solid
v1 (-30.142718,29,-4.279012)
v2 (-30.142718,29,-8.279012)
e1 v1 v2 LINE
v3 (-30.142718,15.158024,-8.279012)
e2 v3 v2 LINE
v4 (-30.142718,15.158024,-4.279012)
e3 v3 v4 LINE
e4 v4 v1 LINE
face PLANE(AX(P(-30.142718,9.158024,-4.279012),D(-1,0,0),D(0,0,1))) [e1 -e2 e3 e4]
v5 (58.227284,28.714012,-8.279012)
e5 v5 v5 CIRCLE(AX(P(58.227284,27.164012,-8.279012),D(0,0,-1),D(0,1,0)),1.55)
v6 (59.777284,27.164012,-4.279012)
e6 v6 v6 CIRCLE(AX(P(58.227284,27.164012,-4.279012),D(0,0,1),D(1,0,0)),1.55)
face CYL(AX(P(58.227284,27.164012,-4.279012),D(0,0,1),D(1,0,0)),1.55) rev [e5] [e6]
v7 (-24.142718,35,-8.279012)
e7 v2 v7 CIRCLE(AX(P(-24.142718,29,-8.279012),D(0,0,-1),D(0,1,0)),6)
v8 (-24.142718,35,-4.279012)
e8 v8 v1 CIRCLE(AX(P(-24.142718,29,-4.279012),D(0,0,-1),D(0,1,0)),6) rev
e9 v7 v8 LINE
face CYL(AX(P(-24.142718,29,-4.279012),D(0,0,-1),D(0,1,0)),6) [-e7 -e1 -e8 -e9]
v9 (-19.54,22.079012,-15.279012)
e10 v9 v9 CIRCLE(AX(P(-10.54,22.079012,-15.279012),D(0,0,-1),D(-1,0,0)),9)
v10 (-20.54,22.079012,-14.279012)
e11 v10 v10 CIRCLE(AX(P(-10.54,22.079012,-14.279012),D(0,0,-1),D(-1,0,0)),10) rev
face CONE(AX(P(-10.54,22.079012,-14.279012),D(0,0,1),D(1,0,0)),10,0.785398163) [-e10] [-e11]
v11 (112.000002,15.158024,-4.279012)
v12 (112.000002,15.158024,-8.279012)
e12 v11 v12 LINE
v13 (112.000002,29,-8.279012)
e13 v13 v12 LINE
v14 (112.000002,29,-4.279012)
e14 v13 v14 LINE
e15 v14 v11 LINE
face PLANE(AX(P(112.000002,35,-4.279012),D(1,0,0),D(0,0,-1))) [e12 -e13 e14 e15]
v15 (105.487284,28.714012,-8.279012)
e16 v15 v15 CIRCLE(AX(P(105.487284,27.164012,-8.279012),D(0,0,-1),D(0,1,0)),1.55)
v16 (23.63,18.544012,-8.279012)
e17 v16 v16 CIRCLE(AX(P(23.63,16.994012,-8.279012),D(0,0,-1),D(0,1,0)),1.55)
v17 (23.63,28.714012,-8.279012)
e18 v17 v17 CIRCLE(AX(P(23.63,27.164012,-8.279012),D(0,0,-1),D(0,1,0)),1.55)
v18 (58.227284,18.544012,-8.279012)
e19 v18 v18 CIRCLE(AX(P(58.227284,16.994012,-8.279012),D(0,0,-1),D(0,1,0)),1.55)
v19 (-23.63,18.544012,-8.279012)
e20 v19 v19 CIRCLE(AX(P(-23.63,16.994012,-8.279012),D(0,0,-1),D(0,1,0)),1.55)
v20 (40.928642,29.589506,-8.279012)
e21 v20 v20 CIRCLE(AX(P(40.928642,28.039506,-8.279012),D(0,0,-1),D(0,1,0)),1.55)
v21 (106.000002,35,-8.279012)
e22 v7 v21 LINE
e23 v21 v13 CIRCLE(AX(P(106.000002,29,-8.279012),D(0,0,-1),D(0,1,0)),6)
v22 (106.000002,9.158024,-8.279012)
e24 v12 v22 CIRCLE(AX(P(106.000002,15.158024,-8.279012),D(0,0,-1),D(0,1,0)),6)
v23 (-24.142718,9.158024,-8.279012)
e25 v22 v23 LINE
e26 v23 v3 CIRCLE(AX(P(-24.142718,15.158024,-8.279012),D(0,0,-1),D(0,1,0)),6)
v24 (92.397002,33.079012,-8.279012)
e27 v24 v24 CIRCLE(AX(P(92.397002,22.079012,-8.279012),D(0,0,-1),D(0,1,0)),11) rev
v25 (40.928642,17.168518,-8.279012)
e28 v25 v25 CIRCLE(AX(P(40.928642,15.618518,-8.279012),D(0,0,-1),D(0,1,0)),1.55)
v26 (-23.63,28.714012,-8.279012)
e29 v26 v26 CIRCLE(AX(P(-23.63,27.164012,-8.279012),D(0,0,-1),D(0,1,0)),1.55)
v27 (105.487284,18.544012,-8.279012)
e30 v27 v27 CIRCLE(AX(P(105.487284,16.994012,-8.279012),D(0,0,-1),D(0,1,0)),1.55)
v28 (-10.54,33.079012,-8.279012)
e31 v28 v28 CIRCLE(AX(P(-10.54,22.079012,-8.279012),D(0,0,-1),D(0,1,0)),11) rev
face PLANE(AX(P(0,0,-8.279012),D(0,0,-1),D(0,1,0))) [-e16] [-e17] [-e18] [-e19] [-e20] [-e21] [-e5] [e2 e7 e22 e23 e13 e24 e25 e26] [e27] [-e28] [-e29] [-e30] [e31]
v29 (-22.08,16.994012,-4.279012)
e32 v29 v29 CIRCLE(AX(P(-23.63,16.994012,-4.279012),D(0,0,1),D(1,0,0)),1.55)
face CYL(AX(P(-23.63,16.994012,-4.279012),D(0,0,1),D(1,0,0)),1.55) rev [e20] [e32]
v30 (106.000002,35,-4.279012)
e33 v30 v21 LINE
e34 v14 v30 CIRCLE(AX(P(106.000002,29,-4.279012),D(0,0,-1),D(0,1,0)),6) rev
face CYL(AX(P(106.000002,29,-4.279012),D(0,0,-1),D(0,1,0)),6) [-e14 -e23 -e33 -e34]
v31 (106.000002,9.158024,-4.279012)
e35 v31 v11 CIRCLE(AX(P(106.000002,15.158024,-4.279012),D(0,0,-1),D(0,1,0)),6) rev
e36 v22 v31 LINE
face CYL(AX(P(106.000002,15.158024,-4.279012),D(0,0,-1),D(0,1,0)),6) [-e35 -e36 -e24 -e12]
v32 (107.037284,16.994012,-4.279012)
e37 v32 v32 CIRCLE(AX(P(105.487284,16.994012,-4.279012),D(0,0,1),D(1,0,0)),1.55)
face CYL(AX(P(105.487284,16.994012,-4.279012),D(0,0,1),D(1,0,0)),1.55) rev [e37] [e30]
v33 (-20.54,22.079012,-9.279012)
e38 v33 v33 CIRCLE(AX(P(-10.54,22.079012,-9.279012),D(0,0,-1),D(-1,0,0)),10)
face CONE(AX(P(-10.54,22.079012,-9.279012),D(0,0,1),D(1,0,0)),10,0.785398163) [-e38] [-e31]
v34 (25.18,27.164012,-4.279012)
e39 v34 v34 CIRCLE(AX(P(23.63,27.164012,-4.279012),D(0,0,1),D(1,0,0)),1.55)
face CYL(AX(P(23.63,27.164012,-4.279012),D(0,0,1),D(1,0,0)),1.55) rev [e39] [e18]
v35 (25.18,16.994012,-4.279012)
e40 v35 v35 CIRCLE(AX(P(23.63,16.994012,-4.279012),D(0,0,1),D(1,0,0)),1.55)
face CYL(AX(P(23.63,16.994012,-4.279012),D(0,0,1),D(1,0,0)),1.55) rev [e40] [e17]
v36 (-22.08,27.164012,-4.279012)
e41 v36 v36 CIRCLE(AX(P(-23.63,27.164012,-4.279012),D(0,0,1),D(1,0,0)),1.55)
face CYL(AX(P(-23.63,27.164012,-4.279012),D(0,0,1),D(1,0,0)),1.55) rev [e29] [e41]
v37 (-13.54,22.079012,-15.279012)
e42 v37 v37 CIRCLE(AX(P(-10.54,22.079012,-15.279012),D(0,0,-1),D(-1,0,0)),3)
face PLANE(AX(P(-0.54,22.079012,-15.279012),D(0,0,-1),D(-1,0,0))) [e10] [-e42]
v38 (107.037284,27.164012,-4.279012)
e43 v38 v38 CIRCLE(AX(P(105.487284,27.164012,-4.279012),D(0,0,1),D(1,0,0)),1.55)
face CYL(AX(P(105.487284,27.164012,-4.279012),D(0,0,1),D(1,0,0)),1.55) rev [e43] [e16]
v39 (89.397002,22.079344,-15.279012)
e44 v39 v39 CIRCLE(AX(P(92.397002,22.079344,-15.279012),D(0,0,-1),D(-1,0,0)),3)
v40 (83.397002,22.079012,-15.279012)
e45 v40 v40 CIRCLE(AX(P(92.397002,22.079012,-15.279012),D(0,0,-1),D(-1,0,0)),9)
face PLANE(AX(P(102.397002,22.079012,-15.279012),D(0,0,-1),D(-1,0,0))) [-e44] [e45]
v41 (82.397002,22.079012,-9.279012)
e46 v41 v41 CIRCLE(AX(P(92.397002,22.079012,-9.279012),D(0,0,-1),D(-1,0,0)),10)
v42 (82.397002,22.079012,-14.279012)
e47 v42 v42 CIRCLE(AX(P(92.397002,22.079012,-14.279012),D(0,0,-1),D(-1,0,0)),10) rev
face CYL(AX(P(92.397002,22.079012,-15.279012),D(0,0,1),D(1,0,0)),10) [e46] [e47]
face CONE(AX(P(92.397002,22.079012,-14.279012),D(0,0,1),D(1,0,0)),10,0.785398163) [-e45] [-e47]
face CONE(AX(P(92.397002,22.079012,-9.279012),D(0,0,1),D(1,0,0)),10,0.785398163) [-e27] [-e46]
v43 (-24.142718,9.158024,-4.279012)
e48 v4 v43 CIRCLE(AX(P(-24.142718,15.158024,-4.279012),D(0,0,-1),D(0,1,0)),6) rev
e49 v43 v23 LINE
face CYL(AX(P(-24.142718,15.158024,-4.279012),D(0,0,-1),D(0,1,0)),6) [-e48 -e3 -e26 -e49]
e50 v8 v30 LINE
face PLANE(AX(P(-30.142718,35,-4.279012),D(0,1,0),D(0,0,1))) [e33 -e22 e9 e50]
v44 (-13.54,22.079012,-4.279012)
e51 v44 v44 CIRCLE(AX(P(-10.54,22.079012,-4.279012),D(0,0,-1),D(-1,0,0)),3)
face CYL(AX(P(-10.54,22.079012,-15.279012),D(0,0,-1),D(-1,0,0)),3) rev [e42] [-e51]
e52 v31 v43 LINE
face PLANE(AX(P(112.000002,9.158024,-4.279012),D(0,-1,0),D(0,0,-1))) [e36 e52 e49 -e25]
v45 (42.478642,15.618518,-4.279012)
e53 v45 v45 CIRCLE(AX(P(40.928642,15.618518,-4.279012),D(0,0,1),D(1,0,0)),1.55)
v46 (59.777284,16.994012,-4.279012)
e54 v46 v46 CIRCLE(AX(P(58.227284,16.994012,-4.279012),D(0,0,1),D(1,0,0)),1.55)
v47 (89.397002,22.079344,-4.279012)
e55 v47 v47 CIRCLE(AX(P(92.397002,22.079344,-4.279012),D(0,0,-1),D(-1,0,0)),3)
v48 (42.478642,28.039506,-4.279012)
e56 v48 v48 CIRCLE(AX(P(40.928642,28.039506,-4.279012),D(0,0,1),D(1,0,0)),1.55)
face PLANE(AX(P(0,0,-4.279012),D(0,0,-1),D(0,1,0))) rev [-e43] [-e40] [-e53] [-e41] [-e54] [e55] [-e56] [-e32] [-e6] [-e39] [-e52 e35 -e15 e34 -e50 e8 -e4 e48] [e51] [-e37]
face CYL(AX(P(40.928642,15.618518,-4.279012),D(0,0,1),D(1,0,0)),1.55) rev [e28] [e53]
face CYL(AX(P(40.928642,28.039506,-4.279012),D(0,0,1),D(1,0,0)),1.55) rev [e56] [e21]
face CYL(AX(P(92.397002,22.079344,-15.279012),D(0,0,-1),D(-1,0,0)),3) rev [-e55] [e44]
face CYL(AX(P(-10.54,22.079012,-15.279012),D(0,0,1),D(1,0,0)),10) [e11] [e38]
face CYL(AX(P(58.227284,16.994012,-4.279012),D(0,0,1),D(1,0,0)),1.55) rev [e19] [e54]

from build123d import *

# Parameters (mm, degrees)
SKETCH1_W                      = 142.142719433
SKETCH1_H                      = 25.841975708
BOSS_EXTRUDE1_DEPTH            = 4
SKETCH2_W                      = 10
SKETCH2_H                      = 7
SKETCH3_W                      = 10
SKETCH3_H                      = 7
F_3_1_3_1_DIAMETER_HOLE1_D     = 3.1
F_3_1_3_1_DIAMETER_HOLE1_DEPTH = 11
F_6_0_6_DIAMETER_HOLE1_D       = 6
CHAMFER1_SIZE                  = 1
FILLET1_R                      = 6


with BuildPart() as part:
    # Sketch1 → Boss-Extrude1 (new body)
    with BuildSketch(Plane(origin=(0, 0, -8.279012494), x_dir=(-1, 0, 0), z_dir=(0, 0, -1))):
        with Locations((-40.928641953, 22.079012221)):
            Rectangle(SKETCH1_W, SKETCH1_H)
    extrude(amount=-BOSS_EXTRUDE1_DEPTH)

    # Sketch2 → Revolve1 (revolve)
    with BuildSketch(Plane(origin=(0, 22.079011948, 0), x_dir=(1, 0, 0), z_dir=(0, 1, 0))):
        with Locations((-5.54, 11.779012494)):
            Rectangle(SKETCH2_W, SKETCH2_H)
    revolve(axis=Axis((-10.54, 22.079011948, -15.279012494), (0, 0, 1)))

    # Sketch3 → Revolve2 (revolve)
    with BuildSketch(Plane(origin=(0, 22.079011948, 0), x_dir=(1, 0, 0), z_dir=(0, 1, 0))):
        with Locations((97.397001672, 11.779012494)):
            Rectangle(SKETCH3_W, SKETCH3_H)
    revolve(axis=Axis((92.397001672, 22.079011948, -15.279012494), (0, 0, 1)))

    # Ø3.1 (3.1) Diameter Hole1
    with Locations(Plane.XY.offset(-4.279012494)):
        with Locations((40.928641952, 28.039506364), (40.928641952, 15.618518294), (58.227283905, 27.164012494), (23.63, 27.164011948), (-23.63, 27.164011948), (-23.63, 16.994011948), (23.63, 16.994011948), (58.227283905, 16.994012494), (105.487283905, 27.164012494), (105.487283905, 16.994012494)):
            Hole(F_3_1_3_1_DIAMETER_HOLE1_D / 2, depth=F_3_1_3_1_DIAMETER_HOLE1_DEPTH)

    # Ø6.0 (6) Diameter Hole1 (through all)
    with Locations(Plane(origin=(0, 0, -15.279012494), x_dir=(-1, 0, 0), z_dir=(0, 0, -1))):
        with Locations((-92.397001672, 22.079344118), (10.54, 22.079011948)):
            Hole(F_6_0_6_DIAMETER_HOLE1_D / 2)

    # Chamfer1
    chamfer1_edges = [part.edges().sort_by_distance(p)[0] for p in [
        (-20.54, 22.079011948, -8.279012494),
        (-20.54, 22.079011948, -15.279012494),
        (82.397001672, 22.079011948, -8.279012494),
        (82.397001672, 22.079011948, -15.279012494),
    ]]
    chamfer(chamfer1_edges, length=CHAMFER1_SIZE)

    # Fillet1
    fillet1_edges = [part.edges().sort_by_distance(p)[0] for p in [
        (112.000001669, 35.000000075, -6.279012494),
        (-30.142717764, 35.000000075, -6.279012494),
        (-30.142717764, 9.158024367, -6.279012494),
        (112.000001669, 9.158024367, -6.279012494),
    ]]
    fillet(fillet1_edges, radius=FILLET1_R)


solid = part.part
